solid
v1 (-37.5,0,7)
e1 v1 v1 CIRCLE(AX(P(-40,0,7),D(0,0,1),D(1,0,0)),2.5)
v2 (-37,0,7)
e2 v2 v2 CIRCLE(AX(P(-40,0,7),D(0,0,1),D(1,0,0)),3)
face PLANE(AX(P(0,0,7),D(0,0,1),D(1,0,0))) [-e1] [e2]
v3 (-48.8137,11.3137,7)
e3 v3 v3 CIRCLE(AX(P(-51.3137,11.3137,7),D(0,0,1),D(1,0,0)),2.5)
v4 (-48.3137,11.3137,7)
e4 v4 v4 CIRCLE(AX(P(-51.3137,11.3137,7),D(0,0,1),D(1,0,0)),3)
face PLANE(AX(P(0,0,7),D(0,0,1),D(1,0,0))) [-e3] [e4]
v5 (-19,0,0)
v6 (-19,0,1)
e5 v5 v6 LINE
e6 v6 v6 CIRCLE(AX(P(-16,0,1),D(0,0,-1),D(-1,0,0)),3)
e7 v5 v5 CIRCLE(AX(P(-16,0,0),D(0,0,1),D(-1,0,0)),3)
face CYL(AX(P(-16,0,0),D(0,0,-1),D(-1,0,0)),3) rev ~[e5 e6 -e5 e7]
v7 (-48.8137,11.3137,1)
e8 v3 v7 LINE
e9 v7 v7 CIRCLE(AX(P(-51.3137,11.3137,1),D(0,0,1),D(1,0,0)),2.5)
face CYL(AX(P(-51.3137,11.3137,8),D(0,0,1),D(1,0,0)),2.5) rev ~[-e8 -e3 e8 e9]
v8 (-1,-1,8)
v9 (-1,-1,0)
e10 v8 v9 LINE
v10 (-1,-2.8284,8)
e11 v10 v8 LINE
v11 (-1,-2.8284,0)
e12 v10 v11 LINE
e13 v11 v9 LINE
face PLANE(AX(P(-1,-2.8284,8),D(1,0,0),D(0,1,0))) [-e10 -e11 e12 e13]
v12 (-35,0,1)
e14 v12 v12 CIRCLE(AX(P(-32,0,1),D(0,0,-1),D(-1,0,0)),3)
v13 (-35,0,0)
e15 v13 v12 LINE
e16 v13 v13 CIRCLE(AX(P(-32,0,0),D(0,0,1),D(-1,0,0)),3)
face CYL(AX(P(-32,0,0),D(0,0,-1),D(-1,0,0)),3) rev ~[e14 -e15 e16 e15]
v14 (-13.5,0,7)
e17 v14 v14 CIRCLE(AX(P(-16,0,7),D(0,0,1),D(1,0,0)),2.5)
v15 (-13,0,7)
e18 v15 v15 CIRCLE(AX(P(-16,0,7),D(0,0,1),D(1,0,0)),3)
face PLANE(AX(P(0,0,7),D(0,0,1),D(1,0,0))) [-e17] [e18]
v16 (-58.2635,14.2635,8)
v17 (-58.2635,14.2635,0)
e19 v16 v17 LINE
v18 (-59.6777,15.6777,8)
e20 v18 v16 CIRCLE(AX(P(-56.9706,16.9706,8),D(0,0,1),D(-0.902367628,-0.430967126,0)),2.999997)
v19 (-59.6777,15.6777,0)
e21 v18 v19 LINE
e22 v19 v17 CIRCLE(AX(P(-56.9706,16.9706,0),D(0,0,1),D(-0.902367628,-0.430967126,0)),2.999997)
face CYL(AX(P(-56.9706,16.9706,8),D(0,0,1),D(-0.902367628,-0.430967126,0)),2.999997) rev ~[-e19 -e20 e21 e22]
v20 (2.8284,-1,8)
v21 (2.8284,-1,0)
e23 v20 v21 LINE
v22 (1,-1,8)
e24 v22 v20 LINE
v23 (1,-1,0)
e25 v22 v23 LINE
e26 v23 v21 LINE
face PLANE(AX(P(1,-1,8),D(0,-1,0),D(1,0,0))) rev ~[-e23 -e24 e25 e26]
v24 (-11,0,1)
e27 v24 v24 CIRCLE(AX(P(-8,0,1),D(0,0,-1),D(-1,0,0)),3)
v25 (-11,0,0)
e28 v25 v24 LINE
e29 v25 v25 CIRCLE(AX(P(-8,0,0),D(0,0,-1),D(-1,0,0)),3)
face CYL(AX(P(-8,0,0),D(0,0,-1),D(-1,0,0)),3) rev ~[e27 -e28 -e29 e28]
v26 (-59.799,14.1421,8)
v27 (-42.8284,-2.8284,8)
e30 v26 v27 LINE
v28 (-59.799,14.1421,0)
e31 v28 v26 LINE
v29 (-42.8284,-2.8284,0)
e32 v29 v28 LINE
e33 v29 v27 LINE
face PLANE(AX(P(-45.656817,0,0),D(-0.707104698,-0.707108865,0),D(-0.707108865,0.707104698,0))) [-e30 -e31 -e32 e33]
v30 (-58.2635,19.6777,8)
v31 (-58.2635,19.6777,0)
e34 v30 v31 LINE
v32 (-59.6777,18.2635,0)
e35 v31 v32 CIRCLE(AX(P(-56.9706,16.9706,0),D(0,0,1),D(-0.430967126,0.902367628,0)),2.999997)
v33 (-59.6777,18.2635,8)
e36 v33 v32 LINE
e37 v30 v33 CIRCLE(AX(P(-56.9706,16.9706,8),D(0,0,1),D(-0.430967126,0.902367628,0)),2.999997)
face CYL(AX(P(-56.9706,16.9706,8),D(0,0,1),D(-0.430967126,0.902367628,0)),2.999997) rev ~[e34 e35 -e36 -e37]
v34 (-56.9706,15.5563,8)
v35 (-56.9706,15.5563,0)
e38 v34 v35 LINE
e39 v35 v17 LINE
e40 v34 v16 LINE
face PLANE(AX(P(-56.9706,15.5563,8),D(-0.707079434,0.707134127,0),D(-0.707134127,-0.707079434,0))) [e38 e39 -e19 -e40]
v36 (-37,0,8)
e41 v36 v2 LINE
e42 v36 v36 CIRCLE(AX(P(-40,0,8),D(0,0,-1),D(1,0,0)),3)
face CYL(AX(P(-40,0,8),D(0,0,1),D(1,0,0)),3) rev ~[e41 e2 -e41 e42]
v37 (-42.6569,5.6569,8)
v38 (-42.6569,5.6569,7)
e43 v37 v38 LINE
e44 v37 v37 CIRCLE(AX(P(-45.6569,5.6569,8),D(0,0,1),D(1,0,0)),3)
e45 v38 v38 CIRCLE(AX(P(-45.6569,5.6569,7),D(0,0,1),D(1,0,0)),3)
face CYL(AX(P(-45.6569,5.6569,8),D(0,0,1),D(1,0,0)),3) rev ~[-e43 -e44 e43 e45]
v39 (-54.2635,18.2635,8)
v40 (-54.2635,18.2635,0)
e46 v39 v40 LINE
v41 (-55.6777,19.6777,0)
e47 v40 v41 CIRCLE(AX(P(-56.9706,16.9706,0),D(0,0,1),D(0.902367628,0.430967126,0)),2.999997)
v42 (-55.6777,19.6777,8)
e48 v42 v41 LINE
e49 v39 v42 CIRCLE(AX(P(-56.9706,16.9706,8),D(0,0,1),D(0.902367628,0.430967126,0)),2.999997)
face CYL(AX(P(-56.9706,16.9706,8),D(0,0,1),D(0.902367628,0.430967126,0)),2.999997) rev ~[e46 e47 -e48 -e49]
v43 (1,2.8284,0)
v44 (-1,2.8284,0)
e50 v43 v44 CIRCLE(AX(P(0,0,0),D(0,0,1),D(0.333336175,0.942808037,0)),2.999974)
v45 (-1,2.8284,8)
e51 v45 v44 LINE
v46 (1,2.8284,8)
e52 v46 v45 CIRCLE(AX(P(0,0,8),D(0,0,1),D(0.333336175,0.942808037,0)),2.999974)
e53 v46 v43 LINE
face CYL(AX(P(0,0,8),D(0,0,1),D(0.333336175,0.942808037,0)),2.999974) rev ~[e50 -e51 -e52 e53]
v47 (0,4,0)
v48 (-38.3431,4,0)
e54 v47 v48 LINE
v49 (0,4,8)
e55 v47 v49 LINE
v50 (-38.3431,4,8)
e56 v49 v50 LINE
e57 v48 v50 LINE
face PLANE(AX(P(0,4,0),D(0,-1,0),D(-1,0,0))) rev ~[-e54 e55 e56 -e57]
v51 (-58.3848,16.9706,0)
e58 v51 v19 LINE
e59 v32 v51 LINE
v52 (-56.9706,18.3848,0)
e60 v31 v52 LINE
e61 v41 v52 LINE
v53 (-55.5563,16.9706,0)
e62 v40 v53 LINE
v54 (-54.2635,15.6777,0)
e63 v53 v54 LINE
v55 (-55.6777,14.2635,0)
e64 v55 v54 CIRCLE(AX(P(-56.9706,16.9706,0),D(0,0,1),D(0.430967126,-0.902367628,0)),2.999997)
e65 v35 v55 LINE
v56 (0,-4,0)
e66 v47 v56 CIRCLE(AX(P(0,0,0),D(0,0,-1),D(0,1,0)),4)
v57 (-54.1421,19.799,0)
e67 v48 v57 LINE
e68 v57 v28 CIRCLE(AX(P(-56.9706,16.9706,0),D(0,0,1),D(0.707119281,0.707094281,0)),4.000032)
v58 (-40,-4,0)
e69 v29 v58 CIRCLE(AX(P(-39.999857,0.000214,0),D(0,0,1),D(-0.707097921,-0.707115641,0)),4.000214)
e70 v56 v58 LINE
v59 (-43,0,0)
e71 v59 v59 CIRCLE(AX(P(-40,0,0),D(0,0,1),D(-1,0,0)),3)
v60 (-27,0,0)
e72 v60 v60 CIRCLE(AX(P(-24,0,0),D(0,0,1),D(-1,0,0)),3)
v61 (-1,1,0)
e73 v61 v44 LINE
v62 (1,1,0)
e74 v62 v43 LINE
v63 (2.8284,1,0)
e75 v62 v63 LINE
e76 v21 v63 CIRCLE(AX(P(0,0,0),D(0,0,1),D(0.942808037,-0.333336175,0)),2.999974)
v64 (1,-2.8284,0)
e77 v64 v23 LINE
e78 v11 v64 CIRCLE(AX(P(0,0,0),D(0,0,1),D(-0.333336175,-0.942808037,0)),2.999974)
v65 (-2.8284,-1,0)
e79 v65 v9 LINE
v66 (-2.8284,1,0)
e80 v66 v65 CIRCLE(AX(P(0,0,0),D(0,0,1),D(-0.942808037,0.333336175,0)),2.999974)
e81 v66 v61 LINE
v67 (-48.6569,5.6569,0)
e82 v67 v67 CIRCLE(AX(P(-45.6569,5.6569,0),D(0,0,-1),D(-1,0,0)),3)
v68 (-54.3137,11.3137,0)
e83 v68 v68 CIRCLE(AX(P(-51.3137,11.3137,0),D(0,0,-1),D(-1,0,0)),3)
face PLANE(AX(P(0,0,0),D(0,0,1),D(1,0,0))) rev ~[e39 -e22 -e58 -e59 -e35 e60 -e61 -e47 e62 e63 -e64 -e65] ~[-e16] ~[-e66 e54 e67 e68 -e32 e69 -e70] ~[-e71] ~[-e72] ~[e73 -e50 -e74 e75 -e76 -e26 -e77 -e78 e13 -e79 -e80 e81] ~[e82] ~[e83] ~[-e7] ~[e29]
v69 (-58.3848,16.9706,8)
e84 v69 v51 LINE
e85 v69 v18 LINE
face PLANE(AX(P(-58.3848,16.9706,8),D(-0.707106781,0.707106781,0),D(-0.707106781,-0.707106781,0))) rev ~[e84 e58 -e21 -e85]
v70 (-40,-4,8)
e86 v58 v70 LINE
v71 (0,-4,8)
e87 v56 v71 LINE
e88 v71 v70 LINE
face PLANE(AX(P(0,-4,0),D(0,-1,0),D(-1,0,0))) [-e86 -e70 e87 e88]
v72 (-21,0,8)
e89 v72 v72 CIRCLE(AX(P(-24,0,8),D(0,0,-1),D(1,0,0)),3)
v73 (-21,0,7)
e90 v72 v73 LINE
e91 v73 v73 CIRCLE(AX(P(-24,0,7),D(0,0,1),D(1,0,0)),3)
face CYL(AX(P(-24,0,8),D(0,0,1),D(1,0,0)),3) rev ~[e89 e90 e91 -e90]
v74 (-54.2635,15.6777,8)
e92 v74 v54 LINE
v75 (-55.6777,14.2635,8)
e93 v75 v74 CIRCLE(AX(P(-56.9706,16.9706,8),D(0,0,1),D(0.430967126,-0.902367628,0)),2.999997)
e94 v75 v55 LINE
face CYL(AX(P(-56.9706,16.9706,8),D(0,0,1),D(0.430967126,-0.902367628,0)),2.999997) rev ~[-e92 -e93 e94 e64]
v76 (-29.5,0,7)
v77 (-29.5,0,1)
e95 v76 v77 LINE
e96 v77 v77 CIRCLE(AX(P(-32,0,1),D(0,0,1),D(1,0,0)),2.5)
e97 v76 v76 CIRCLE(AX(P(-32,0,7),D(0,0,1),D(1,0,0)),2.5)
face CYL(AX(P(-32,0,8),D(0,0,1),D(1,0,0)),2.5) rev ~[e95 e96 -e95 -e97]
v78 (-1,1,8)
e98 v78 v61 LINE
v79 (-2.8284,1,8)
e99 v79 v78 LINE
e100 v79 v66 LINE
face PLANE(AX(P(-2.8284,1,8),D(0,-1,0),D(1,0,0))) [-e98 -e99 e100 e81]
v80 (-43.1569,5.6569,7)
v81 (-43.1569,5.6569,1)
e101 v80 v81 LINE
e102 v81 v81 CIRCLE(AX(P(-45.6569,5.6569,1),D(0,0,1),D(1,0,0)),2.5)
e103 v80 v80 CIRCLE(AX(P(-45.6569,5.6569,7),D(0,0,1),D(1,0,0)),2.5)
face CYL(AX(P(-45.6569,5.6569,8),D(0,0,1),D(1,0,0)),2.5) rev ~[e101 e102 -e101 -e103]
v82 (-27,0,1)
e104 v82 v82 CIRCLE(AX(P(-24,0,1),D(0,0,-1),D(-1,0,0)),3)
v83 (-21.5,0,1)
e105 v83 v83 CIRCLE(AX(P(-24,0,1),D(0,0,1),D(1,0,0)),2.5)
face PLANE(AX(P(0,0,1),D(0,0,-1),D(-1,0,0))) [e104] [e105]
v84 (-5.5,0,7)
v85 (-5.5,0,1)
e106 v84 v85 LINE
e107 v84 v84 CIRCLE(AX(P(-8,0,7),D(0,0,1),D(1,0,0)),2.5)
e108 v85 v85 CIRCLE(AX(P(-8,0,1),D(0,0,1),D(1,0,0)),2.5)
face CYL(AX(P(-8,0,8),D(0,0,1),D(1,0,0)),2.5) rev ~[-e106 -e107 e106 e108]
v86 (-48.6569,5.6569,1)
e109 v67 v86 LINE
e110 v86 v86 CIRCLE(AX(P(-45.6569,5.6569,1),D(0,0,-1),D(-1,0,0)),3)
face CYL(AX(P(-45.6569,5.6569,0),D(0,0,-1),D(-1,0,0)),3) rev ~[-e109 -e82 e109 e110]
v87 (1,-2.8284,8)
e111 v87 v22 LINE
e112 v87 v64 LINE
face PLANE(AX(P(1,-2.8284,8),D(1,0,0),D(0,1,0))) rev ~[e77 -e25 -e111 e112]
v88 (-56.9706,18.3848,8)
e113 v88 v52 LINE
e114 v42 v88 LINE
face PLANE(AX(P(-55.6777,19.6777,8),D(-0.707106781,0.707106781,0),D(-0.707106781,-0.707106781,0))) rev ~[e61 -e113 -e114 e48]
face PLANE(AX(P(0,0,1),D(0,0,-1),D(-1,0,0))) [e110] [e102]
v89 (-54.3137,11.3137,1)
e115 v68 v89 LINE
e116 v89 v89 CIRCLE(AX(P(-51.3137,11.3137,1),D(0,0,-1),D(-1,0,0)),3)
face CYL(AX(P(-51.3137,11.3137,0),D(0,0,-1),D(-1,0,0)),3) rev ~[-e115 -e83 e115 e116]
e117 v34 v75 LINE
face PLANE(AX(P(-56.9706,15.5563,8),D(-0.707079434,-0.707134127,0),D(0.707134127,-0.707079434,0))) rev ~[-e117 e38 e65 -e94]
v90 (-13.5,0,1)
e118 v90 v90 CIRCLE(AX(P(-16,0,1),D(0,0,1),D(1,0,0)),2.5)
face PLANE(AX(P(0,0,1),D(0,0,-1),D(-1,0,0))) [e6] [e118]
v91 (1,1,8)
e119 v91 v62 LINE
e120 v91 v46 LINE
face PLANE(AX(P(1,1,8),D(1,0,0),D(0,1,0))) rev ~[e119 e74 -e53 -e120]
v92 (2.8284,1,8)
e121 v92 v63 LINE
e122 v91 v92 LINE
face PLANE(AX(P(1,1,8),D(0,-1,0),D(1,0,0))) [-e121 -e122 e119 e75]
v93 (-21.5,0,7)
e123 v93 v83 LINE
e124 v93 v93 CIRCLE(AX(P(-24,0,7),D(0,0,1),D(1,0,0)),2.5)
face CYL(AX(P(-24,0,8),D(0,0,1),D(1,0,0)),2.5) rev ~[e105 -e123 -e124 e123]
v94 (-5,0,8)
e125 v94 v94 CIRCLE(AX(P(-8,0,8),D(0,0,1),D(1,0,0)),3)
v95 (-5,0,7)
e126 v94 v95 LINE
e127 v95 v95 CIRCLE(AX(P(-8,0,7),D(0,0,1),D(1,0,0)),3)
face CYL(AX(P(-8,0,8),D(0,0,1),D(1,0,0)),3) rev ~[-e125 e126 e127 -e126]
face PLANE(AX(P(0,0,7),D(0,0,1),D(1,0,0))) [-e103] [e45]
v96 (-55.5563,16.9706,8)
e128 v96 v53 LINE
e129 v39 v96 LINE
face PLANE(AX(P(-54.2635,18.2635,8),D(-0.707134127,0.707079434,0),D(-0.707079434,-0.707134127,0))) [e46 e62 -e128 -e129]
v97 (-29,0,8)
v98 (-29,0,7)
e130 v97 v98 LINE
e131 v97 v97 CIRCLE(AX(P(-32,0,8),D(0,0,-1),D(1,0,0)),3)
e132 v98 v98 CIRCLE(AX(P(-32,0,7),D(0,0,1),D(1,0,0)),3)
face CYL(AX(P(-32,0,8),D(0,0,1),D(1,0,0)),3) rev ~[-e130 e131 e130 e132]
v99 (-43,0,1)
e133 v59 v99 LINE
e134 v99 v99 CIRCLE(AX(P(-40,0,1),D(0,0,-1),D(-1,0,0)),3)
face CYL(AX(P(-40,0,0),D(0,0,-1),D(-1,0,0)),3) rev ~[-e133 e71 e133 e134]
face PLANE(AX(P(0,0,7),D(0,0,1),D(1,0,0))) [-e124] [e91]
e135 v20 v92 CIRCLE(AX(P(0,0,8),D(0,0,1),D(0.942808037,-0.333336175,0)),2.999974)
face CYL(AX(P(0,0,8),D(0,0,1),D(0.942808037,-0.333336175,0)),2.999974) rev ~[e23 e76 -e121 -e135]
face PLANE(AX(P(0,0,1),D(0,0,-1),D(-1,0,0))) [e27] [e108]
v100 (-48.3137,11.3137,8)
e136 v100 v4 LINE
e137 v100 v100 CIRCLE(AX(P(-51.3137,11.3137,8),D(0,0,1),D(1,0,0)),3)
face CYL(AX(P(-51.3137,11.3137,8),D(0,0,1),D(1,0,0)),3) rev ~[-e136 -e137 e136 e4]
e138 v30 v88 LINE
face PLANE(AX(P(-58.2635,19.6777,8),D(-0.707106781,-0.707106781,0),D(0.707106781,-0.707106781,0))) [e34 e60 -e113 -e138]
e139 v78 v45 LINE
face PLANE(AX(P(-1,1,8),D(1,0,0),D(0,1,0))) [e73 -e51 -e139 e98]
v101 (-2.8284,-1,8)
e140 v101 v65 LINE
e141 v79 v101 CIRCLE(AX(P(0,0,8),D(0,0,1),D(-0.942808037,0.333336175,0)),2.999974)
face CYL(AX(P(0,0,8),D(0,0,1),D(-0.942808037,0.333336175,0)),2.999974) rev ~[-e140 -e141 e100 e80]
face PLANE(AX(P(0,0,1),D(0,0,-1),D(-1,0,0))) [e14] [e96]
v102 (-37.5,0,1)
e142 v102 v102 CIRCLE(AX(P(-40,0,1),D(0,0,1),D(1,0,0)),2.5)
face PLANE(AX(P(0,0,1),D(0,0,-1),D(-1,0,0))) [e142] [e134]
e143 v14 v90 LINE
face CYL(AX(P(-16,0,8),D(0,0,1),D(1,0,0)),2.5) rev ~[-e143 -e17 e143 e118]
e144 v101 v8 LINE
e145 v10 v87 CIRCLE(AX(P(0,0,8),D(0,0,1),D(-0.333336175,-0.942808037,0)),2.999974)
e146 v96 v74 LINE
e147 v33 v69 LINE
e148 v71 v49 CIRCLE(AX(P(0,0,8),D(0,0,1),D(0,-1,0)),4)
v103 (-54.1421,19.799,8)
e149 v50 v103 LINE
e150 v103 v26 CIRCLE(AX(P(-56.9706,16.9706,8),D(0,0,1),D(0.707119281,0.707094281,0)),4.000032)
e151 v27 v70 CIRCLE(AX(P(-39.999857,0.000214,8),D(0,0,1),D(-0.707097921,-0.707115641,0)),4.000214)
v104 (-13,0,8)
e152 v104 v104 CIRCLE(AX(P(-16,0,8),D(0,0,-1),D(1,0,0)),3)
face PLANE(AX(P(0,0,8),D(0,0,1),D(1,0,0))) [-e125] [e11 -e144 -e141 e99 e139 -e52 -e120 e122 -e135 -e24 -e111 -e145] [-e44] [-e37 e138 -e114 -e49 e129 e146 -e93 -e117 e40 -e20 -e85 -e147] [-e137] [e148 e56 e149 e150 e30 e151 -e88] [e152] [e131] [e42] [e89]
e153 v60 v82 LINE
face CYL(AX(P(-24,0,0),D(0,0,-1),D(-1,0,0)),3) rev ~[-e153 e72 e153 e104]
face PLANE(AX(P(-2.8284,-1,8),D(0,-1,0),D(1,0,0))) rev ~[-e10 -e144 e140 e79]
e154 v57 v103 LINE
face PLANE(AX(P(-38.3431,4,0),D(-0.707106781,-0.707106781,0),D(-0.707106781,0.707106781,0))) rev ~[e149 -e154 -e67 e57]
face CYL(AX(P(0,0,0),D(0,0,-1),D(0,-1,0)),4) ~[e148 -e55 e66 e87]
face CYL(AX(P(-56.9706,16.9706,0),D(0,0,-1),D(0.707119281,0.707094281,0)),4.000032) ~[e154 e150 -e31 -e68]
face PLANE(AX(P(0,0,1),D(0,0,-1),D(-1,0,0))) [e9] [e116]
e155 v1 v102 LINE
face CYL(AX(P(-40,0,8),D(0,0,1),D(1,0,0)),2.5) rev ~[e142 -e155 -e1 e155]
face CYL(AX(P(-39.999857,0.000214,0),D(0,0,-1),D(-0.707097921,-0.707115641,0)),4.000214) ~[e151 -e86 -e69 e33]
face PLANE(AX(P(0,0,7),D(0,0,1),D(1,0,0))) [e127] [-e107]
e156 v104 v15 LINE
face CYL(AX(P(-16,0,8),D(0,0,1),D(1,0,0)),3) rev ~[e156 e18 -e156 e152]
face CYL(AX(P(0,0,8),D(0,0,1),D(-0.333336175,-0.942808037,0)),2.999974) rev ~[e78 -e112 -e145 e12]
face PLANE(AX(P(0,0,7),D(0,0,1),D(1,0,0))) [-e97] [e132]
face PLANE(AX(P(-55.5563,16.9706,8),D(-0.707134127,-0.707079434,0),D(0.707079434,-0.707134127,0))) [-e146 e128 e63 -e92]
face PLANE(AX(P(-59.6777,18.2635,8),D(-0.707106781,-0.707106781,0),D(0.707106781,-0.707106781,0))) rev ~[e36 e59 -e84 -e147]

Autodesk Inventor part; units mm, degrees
ref_plane "YZ Plane" through (0, 0, 0) normal (1, 0, 0) x (0, 1, 0)
ref_plane "XZ Plane" through (0, 0, 0) normal (0, 1, 0) x (-1, 0, 0)
ref_plane "XY Plane" through (0, 0, 0) normal (0, 0, 1) x (1, 0, 0)
sketch "Sketch1" plane through (0, 0, 0) normal (0, 0, 1) x (1, 0, 0)
  arc A0 (-54.1421, 19.799) -> (-59.799, 14.1421) centre (-56.9706, 16.9706) ccw
  arc A1 (0, -4) -> (0, 4) centre (0, 0) ccw
  line L0 (-42.8284, -2.8284) -> (-59.799, 14.1421)
  line L1 (-38.3431, 4) -> (-54.1421, 19.799)
  line L2 (-75.9529, 0) -> (17.3255, 0) projected
  line L3 (0, -9.663) -> (0, 28.0092) projected
  line L4 (0, -4) -> (-40, -4)
  line L5 (0, 4) -> (-38.3431, 4)
  arc A2 (-42.8284, -2.8284) -> (-40, -4) centre (-40, 0) ccw
  dimension "d13" = 4
  dimension "d15" = 0
  dimension "d16" = 0
  dimension "d25" = 4
  dimension "d27" = 135
  dimension "d29" = 40
  dimension "d35" = 135
  dimension "d36" = 4
  dimension "d37" = 24
  dimension "d142" = 24
extrude "Extrusion1" add sketch "Sketch1" along normal blind 8
sketch "Sketch2" plane through (0, 0, 8) normal (0, 0, 1) x (1, 0, 0)
  arc A0 (-54.1421, 19.799) -> (-59.799, 14.1421) centre (-56.9706, 16.9706) ccw projected
  line L0 (-42.8284, -2.8284) -> (-59.799, 14.1421) projected
  arc A1 (-58.2635, 19.6777) -> (-59.6777, 18.2635) centre (-56.9706, 16.9706) ccw
  arc A2 (-59.6777, 15.6777) -> (-58.2635, 14.2635) centre (-56.9706, 16.9706) ccw
  arc A3 (-55.6777, 14.2635) -> (-54.2635, 15.6777) centre (-56.9706, 16.9706) ccw
  arc A4 (-54.2635, 18.2635) -> (-55.6777, 19.6777) centre (-56.9706, 16.9706) ccw
  line L1 (-54.2635, 18.2635) -> (-55.5563, 16.9706)
  line L2 (-56.9706, 15.5563) -> (-58.2635, 14.2635)
  line L3 (-59.6777, 18.2635) -> (-58.3848, 16.9706)
  line L4 (-56.9706, 15.5563) -> (-55.6777, 14.2635)
  line L5 (-55.6777, 19.6777) -> (-56.9706, 18.3848)
  line L6 (-58.3848, 16.9706) -> (-59.6777, 15.6777)
  line L7 (-58.2635, 19.6777) -> (-56.9706, 18.3848)
  line L8 (-55.5563, 16.9706) -> (-54.2635, 15.6777)
  dimension "d46" = 3
  dimension "d47" = 3
  dimension "d48" = 3
  dimension "d49" = 3
  dimension "d50" = 2
  dimension "d51" = 2
  dimension "d52" = 2
  dimension "d53" = 2
  dimension "d54" = 1
  dimension "d55" = 1
  dimension "d56" = 1
  dimension "d57" = 1
  dimension "d58" = 90
  dimension "d59" = 90
  dimension "d60" = 90
  dimension "d61" = 90
extrude "Extrusion2" cut sketch "Sketch2" against normal through all
sketch "Sketch3" plane through (0, 0, 8) normal (0, 0, 1) x (1, 0, 0)
  arc A0 (0, -4) -> (0, 4) centre (0, 0) ccw projected
  arc A1 (1, 2.8284) -> (-1, 2.8284) centre (0, 0) ccw
  arc A2 (-2.8284, 1) -> (-2.8284, -1) centre (0, 0) ccw
  arc A3 (-1, -2.8284) -> (1, -2.8284) centre (0, 0) ccw
  arc A4 (2.8284, -1) -> (2.8284, 1) centre (0, 0) ccw
  line L0 (-2.8284, -1) -> (-1, -1)
  line L1 (1, -1) -> (2.8284, -1)
  line L2 (-1, -2.8284) -> (-1, -1)
  line L3 (-1, 1) -> (-1, 2.8284)
  line L4 (-2.8284, 1) -> (-1, 1)
  line L5 (1, 1) -> (2.8284, 1)
  line L6 (1, -2.8284) -> (1, -1)
  line L7 (1, 1) -> (1, 2.8284)
  dimension "d65" = 3
  dimension "d66" = 3
  dimension "d67" = 3
  dimension "d68" = 3
  dimension "d69" = 2
  dimension "d70" = 2
  dimension "d71" = 2
  dimension "d72" = 2
  dimension "d73" = 90
  dimension "d74" = 90
  dimension "d75" = 90
  dimension "d76" = 1
  dimension "d77" = 1
  dimension "d78" = 1
  dimension "d79" = 1
  dimension "d80" = 2.8284
extrude "Extrusion3" cut sketch "Sketch3" against normal through all
sketch "Sketch10" plane through (0, 0, 8) normal (0, 0, 1) x (1, 0, 0)
  circle A0 centre (-8, 0) radius 2.5
  line L0 (-73.9647, 0) -> (16.9941, 0) projected
  line L1 (0, -21.6115) -> (0, 28.0676) projected
  circle A1 centre (-16, 0) radius 2.5
  circle A2 centre (-24, 0) radius 2.5
  circle A3 centre (-32, 0) radius 2.5
  circle A4 centre (-40, 0) radius 2.5
  point P0 (0, 0)
  dimension "d143" = 5
  dimension "d144" = 8
  dimension "d145" = 0
  dimension "d150" = 8
extrude "Extrusion10" cut sketch "Sketch10" against normal through all
sketch "Sketch11" plane through (0, 0, 8) normal (0, 0, 1) x (1, 0, 0)
  circle A0 centre (-45.6569, 5.6569) radius 2.5
  line L0 (-73.9647, 0) -> (16.9941, 0) projected
  line L1 (0, -8.9941) -> (0, 25.9647) projected
  line L2 (-54.1421, 19.799) -> (-38.3431, 4) projected
  circle A1 centre (-40, 0) radius 2.5 projected
  circle A2 centre (-51.3137, 11.3137) radius 2.5
  point P0 (0, 0)
  dimension "d155" = 5
  dimension "d157" = 4
  dimension "d158" = 8
  dimension "d161" = 8
extrude "Extrusion11" cut sketch "Sketch11" against normal through all contours A0 | A2
sketch "Sketch12" plane through (0, 0, 8) normal (0, 0, 1) x (1, 0, 0)
  circle A0 centre (-8, 0) radius 2.5 projected
  circle A1 centre (-8, 0) radius 3
  line L0 (-73.9647, 0) -> (16.9941, 0) projected
  circle A2 centre (-16, 0) radius 3
  circle A3 centre (-24, 0) radius 3
  circle A4 centre (-32, 0) radius 3
  circle A5 centre (-40, 0) radius 3
  point P0 (0, 0)
  dimension "d168" = 6
  dimension "d171" = 8
extrude "Extrusion12" cut sketch "Sketch12" against normal blind 1
sketch "Sketch13" plane through (0, 0, 8) normal (0, 0, 1) x (1, 0, 0)
  circle A0 centre (-45.6569, 5.6569) radius 2.5 projected
  circle A1 centre (-51.3137, 11.3137) radius 2.5 projected
  circle A2 centre (-51.3137, 11.3137) radius 3
  circle A3 centre (-45.6569, 5.6569) radius 3
  point P0 (0, 0)
  dimension "d178" = 6
  dimension "d179" = 6
extrude "Extrusion13" cut sketch "Sketch13" against normal blind 1 contours A0 | A1 | A2 | A3
sketch "Sketch14" plane through (0, 0, 0) normal (0, 0, -1) x (-1, 0, 0)
  circle A0 centre (8, 0) radius 2.5 projected
  circle A1 centre (51.3137, 11.3137) radius 2.5 projected
  circle A2 centre (45.6569, 5.6569) radius 2.5 projected
  circle A3 centre (45.6569, 5.6569) radius 3
  circle A4 centre (51.3137, 11.3137) radius 3
  circle A5 centre (8, 0) radius 3 projected
  circle A6 centre (8, 0) radius 3
  line L0 (73.9647, 0) -> (-16.9941, 0) projected
  line L1 (0, -4) -> (40, -4) projected
  circle A7 centre (16, 0) radius 3
  circle A8 centre (24, 0) radius 3
  circle A9 centre (32, 0) radius 3
  circle A10 centre (40, 0) radius 3
  point P0 (0, 0)
  dimension "d182" = 6
  dimension "d183" = 6
  dimension "d184" = 6
  dimension "d187" = 8
extrude "Extrusion14" cut sketch "Sketch14" against normal blind 1 contours L0 A0 | L0 A5 A0 | A0 L0 A5 | A0 L0 | A10 L0 | L0 A10 | A9 L0 | L0 A9 | A8 L0 | L0 A8 | A7 L0 | L0 A7 | A1 | A2 | A3 | A4
properties part number "9M Beam A 4X6"
